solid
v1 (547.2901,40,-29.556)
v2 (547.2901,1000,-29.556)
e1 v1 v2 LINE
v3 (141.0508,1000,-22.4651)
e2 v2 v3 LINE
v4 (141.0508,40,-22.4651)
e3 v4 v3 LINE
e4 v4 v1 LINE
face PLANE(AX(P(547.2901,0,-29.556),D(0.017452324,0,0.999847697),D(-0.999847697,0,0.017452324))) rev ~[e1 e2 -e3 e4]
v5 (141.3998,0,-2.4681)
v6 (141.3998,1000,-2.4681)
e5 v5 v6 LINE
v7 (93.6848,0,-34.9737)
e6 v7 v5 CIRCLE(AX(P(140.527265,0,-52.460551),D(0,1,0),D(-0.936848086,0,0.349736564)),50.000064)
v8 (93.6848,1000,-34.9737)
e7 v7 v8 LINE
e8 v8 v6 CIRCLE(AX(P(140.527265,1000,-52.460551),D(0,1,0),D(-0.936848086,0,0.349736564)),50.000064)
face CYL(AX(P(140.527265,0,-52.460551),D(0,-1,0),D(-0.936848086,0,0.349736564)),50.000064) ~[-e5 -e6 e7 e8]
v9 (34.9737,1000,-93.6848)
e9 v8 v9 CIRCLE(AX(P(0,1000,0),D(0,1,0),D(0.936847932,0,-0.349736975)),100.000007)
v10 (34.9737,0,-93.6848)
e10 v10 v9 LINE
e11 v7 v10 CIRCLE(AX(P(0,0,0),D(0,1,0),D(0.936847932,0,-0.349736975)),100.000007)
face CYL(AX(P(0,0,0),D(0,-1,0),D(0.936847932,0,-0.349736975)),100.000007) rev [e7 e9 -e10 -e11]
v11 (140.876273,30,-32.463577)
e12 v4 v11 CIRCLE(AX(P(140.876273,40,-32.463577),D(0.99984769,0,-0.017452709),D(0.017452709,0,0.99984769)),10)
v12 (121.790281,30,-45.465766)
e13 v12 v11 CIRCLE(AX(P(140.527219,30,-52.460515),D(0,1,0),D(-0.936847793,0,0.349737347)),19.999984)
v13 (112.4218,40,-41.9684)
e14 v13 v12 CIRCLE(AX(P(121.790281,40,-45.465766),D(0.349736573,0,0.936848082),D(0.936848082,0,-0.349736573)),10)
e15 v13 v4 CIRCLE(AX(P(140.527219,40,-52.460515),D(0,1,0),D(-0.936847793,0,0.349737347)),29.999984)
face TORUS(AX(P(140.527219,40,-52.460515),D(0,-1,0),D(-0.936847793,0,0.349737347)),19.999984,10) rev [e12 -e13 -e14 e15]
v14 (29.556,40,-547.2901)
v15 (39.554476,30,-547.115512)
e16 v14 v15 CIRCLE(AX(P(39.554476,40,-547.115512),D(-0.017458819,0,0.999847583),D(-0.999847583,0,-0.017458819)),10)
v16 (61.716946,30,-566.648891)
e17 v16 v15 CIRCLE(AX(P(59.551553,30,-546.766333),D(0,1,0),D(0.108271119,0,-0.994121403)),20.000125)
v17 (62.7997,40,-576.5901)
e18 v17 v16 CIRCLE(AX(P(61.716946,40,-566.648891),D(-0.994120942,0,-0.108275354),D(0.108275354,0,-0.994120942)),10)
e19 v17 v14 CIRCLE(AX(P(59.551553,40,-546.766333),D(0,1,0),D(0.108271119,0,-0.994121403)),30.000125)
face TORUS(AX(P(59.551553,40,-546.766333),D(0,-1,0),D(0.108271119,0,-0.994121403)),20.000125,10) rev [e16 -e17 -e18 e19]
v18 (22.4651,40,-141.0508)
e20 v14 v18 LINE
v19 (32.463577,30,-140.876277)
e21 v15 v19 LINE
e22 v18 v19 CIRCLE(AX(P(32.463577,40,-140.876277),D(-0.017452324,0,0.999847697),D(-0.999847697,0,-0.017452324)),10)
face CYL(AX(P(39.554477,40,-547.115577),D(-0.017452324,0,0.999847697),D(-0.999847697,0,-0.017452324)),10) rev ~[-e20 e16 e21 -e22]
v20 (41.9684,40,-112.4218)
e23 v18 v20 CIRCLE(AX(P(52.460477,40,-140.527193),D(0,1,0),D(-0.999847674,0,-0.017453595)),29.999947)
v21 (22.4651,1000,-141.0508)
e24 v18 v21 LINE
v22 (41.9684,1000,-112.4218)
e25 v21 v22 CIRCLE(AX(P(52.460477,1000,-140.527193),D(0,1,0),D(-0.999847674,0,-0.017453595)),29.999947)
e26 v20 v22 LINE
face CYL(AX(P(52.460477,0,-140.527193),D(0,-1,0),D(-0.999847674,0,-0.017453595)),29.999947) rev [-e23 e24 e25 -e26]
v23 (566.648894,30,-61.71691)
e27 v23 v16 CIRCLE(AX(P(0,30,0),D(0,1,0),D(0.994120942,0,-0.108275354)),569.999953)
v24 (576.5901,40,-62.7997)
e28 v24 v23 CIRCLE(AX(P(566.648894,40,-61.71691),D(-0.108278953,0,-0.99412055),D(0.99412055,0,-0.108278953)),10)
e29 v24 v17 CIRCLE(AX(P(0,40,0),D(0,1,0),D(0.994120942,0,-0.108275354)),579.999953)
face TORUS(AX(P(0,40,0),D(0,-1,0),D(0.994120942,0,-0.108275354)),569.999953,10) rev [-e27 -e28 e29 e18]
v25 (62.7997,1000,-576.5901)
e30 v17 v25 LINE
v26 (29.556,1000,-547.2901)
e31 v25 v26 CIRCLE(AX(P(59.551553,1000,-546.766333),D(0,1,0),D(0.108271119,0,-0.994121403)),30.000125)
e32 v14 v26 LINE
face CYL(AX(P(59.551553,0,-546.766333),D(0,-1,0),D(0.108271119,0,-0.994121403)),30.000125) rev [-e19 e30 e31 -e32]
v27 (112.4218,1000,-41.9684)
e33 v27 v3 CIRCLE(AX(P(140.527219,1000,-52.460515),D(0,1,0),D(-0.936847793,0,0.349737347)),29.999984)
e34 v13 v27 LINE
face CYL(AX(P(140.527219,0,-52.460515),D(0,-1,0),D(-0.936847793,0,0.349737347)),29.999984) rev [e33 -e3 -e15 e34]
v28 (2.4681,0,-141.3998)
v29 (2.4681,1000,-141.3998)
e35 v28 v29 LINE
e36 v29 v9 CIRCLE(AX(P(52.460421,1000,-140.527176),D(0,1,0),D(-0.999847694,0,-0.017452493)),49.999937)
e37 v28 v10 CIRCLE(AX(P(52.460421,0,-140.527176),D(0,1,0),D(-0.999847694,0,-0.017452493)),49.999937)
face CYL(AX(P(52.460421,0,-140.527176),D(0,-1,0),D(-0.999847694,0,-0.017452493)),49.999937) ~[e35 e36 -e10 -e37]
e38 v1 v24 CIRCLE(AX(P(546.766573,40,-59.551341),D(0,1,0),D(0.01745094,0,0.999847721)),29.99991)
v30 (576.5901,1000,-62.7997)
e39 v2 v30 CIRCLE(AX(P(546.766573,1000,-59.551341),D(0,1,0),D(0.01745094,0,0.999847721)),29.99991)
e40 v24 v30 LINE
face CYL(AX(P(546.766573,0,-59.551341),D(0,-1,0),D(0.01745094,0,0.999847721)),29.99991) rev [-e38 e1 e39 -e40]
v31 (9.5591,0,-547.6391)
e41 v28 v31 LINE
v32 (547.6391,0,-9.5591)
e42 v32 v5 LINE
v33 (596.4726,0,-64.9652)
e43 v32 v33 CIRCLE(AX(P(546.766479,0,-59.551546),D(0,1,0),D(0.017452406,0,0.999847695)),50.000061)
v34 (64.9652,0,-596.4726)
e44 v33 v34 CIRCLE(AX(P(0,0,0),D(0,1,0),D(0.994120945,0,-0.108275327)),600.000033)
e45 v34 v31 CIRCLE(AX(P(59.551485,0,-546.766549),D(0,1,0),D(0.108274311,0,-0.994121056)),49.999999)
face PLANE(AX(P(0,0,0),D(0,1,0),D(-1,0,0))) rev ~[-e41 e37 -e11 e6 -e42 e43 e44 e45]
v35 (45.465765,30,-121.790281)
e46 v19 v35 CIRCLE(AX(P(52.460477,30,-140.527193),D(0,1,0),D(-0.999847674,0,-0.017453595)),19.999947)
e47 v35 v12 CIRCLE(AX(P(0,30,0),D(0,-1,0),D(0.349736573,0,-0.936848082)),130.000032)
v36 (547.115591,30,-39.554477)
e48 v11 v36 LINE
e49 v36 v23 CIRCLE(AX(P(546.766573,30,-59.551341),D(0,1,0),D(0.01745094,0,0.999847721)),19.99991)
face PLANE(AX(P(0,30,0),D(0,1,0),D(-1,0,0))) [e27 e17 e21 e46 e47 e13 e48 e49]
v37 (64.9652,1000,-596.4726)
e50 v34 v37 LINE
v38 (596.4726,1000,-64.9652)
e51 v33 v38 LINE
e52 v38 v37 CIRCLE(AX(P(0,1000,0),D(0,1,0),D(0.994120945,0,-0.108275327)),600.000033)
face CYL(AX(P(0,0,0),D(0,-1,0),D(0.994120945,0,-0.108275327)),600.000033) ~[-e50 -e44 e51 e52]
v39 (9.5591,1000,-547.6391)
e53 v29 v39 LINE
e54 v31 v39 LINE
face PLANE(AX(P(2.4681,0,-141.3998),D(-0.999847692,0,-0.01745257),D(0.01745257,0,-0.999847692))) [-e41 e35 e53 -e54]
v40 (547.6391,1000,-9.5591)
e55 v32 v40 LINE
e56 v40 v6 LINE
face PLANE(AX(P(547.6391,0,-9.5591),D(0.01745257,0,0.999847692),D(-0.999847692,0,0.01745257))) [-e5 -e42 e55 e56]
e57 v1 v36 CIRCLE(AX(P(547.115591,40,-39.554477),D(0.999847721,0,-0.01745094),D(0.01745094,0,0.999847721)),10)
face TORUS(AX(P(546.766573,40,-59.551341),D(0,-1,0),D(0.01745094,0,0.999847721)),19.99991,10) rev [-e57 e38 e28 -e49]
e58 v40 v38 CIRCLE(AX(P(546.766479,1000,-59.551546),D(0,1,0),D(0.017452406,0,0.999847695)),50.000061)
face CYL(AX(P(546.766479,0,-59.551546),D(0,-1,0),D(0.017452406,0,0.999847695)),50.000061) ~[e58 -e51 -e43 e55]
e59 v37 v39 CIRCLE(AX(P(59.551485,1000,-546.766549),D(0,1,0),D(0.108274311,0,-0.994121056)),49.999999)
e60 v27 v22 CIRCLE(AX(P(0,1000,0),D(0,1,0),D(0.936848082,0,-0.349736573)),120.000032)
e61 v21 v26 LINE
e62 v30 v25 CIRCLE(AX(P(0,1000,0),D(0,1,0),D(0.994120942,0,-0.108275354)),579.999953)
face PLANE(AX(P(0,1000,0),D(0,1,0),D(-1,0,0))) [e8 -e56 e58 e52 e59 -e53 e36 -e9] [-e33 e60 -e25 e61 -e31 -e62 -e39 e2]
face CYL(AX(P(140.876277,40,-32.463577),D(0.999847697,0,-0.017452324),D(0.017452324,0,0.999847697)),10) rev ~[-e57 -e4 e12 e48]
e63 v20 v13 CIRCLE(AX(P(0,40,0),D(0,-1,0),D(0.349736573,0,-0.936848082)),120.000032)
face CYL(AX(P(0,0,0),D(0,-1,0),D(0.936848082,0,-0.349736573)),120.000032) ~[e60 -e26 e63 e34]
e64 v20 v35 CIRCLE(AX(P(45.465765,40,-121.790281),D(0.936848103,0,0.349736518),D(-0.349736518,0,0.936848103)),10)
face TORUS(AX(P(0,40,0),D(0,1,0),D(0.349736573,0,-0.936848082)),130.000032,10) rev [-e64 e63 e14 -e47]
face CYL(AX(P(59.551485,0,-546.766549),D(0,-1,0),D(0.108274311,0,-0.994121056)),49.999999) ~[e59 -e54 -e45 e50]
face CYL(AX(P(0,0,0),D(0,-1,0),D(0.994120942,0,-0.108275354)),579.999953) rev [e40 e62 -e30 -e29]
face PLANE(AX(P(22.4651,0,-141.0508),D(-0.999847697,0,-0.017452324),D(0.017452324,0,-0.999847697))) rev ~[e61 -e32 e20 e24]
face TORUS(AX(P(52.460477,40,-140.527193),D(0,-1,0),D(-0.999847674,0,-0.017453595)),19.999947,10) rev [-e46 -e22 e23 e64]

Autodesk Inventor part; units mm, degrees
ref_plane "YZ Plane" through (0, 0, 0) normal (1, 0, 0) x (0, 1, 0)
ref_plane "XZ Plane" through (0, 0, 0) normal (0, 1, 0) x (-1, 0, 0)
ref_plane "XY Plane" through (0, 0, 0) normal (0, 0, 1) x (1, 0, 0)
sketch "草图1" plane through (0, 0, 0) normal (0, 1, 0) x (-1, 0, 0)
  circle A0 centre (0, 0) radius 650
  arc A1 (-64.9652, -596.4726) -> (-9.5591, -547.6391) centre (-59.5515, -546.7665) ccw projected
  line L0 (-2.4681, -141.3998) -> (-9.5591, -547.6391) projected
  arc A2 (-2.4681, -141.3998) -> (-34.9737, -93.6848) centre (-52.4605, -140.5272) ccw projected
  arc A3 (-93.6848, -34.9737) -> (-34.9737, -93.6848) centre (0, 0) ccw projected
  arc A4 (-93.6848, -34.9737) -> (-141.3998, -2.4681) centre (-140.5272, -52.4605) ccw projected
  line L1 (-547.6391, -9.5591) -> (-141.3998, -2.4681) projected
  arc A5 (-547.6391, -9.5591) -> (-596.4726, -64.9652) centre (-546.7665, -59.5515) ccw projected
  arc A6 (-596.4726, -64.9652) -> (-64.9652, -596.4726) centre (0, 0) ccw projected
  arc A7 (-64.9652, -596.4726) -> (-9.5591, -547.6391) centre (-59.5515, -546.7665) ccw
  line L2 (-9.5591, -547.6391) -> (-2.4681, -141.3998)
  arc A8 (-2.4681, -141.3998) -> (-34.9737, -93.6848) centre (-52.4605, -140.5272) ccw
  arc A9 (-93.6848, -34.9737) -> (-34.9737, -93.6848) centre (0, 0) ccw
  arc A10 (-93.6848, -34.9737) -> (-141.3998, -2.4681) centre (-140.5272, -52.4605) ccw
  line L3 (-141.3998, -2.4681) -> (-547.6391, -9.5591)
  arc A11 (-547.6391, -9.5591) -> (-596.4726, -64.9652) centre (-546.7665, -59.5515) ccw
  arc A12 (-596.4726, -64.9652) -> (-64.9652, -596.4726) centre (0, 0) ccw
  line L4 (-22.4651, -141.0508) -> (-29.556, -547.2901)
  arc A13 (-62.7997, -576.5901) -> (-29.556, -547.2901) centre (-59.5515, -546.7665) ccw
  arc A14 (-576.5901, -62.7997) -> (-62.7997, -576.5901) centre (0, 0) ccw
  arc A15 (-547.2901, -29.556) -> (-576.5901, -62.7997) centre (-546.7665, -59.5515) ccw
  line L5 (-547.2901, -29.556) -> (-141.0508, -22.4651)
  arc A16 (-112.4218, -41.9684) -> (-141.0508, -22.4651) centre (-140.5272, -52.4605) ccw
  arc A17 (-112.4218, -41.9684) -> (-41.9684, -112.4218) centre (0, 0) ccw
  arc A18 (-22.4651, -141.0508) -> (-41.9684, -112.4218) centre (-52.4605, -140.5272) ccw
  dimension "d0" = 1300
  dimension "d3" = 0
  dimension "d4" = 20
extrude "拉伸2" add sketch "草图1" along normal blind 1000 contours A6 A5 L1 A4 A3 A2 L0 A1
extrude "拉伸3" add sketch "草图1" along normal blind 30 contours L4 A13 A14 A15 L5 A16 A17 A18
fillet "圆角1" radius 10 8 edges at (569.2726, 30, -39.7152) (344.1704, 30, -26.0106) (123.6368, 30, -27.6671) (84.8528, 30, -84.8528) (27.6671, 30, -123.6368) (26.0106, 30, -344.1704) (39.7152, 30, -569.2726) (410.1219, 30, -410.1219)
properties part number "桶"
